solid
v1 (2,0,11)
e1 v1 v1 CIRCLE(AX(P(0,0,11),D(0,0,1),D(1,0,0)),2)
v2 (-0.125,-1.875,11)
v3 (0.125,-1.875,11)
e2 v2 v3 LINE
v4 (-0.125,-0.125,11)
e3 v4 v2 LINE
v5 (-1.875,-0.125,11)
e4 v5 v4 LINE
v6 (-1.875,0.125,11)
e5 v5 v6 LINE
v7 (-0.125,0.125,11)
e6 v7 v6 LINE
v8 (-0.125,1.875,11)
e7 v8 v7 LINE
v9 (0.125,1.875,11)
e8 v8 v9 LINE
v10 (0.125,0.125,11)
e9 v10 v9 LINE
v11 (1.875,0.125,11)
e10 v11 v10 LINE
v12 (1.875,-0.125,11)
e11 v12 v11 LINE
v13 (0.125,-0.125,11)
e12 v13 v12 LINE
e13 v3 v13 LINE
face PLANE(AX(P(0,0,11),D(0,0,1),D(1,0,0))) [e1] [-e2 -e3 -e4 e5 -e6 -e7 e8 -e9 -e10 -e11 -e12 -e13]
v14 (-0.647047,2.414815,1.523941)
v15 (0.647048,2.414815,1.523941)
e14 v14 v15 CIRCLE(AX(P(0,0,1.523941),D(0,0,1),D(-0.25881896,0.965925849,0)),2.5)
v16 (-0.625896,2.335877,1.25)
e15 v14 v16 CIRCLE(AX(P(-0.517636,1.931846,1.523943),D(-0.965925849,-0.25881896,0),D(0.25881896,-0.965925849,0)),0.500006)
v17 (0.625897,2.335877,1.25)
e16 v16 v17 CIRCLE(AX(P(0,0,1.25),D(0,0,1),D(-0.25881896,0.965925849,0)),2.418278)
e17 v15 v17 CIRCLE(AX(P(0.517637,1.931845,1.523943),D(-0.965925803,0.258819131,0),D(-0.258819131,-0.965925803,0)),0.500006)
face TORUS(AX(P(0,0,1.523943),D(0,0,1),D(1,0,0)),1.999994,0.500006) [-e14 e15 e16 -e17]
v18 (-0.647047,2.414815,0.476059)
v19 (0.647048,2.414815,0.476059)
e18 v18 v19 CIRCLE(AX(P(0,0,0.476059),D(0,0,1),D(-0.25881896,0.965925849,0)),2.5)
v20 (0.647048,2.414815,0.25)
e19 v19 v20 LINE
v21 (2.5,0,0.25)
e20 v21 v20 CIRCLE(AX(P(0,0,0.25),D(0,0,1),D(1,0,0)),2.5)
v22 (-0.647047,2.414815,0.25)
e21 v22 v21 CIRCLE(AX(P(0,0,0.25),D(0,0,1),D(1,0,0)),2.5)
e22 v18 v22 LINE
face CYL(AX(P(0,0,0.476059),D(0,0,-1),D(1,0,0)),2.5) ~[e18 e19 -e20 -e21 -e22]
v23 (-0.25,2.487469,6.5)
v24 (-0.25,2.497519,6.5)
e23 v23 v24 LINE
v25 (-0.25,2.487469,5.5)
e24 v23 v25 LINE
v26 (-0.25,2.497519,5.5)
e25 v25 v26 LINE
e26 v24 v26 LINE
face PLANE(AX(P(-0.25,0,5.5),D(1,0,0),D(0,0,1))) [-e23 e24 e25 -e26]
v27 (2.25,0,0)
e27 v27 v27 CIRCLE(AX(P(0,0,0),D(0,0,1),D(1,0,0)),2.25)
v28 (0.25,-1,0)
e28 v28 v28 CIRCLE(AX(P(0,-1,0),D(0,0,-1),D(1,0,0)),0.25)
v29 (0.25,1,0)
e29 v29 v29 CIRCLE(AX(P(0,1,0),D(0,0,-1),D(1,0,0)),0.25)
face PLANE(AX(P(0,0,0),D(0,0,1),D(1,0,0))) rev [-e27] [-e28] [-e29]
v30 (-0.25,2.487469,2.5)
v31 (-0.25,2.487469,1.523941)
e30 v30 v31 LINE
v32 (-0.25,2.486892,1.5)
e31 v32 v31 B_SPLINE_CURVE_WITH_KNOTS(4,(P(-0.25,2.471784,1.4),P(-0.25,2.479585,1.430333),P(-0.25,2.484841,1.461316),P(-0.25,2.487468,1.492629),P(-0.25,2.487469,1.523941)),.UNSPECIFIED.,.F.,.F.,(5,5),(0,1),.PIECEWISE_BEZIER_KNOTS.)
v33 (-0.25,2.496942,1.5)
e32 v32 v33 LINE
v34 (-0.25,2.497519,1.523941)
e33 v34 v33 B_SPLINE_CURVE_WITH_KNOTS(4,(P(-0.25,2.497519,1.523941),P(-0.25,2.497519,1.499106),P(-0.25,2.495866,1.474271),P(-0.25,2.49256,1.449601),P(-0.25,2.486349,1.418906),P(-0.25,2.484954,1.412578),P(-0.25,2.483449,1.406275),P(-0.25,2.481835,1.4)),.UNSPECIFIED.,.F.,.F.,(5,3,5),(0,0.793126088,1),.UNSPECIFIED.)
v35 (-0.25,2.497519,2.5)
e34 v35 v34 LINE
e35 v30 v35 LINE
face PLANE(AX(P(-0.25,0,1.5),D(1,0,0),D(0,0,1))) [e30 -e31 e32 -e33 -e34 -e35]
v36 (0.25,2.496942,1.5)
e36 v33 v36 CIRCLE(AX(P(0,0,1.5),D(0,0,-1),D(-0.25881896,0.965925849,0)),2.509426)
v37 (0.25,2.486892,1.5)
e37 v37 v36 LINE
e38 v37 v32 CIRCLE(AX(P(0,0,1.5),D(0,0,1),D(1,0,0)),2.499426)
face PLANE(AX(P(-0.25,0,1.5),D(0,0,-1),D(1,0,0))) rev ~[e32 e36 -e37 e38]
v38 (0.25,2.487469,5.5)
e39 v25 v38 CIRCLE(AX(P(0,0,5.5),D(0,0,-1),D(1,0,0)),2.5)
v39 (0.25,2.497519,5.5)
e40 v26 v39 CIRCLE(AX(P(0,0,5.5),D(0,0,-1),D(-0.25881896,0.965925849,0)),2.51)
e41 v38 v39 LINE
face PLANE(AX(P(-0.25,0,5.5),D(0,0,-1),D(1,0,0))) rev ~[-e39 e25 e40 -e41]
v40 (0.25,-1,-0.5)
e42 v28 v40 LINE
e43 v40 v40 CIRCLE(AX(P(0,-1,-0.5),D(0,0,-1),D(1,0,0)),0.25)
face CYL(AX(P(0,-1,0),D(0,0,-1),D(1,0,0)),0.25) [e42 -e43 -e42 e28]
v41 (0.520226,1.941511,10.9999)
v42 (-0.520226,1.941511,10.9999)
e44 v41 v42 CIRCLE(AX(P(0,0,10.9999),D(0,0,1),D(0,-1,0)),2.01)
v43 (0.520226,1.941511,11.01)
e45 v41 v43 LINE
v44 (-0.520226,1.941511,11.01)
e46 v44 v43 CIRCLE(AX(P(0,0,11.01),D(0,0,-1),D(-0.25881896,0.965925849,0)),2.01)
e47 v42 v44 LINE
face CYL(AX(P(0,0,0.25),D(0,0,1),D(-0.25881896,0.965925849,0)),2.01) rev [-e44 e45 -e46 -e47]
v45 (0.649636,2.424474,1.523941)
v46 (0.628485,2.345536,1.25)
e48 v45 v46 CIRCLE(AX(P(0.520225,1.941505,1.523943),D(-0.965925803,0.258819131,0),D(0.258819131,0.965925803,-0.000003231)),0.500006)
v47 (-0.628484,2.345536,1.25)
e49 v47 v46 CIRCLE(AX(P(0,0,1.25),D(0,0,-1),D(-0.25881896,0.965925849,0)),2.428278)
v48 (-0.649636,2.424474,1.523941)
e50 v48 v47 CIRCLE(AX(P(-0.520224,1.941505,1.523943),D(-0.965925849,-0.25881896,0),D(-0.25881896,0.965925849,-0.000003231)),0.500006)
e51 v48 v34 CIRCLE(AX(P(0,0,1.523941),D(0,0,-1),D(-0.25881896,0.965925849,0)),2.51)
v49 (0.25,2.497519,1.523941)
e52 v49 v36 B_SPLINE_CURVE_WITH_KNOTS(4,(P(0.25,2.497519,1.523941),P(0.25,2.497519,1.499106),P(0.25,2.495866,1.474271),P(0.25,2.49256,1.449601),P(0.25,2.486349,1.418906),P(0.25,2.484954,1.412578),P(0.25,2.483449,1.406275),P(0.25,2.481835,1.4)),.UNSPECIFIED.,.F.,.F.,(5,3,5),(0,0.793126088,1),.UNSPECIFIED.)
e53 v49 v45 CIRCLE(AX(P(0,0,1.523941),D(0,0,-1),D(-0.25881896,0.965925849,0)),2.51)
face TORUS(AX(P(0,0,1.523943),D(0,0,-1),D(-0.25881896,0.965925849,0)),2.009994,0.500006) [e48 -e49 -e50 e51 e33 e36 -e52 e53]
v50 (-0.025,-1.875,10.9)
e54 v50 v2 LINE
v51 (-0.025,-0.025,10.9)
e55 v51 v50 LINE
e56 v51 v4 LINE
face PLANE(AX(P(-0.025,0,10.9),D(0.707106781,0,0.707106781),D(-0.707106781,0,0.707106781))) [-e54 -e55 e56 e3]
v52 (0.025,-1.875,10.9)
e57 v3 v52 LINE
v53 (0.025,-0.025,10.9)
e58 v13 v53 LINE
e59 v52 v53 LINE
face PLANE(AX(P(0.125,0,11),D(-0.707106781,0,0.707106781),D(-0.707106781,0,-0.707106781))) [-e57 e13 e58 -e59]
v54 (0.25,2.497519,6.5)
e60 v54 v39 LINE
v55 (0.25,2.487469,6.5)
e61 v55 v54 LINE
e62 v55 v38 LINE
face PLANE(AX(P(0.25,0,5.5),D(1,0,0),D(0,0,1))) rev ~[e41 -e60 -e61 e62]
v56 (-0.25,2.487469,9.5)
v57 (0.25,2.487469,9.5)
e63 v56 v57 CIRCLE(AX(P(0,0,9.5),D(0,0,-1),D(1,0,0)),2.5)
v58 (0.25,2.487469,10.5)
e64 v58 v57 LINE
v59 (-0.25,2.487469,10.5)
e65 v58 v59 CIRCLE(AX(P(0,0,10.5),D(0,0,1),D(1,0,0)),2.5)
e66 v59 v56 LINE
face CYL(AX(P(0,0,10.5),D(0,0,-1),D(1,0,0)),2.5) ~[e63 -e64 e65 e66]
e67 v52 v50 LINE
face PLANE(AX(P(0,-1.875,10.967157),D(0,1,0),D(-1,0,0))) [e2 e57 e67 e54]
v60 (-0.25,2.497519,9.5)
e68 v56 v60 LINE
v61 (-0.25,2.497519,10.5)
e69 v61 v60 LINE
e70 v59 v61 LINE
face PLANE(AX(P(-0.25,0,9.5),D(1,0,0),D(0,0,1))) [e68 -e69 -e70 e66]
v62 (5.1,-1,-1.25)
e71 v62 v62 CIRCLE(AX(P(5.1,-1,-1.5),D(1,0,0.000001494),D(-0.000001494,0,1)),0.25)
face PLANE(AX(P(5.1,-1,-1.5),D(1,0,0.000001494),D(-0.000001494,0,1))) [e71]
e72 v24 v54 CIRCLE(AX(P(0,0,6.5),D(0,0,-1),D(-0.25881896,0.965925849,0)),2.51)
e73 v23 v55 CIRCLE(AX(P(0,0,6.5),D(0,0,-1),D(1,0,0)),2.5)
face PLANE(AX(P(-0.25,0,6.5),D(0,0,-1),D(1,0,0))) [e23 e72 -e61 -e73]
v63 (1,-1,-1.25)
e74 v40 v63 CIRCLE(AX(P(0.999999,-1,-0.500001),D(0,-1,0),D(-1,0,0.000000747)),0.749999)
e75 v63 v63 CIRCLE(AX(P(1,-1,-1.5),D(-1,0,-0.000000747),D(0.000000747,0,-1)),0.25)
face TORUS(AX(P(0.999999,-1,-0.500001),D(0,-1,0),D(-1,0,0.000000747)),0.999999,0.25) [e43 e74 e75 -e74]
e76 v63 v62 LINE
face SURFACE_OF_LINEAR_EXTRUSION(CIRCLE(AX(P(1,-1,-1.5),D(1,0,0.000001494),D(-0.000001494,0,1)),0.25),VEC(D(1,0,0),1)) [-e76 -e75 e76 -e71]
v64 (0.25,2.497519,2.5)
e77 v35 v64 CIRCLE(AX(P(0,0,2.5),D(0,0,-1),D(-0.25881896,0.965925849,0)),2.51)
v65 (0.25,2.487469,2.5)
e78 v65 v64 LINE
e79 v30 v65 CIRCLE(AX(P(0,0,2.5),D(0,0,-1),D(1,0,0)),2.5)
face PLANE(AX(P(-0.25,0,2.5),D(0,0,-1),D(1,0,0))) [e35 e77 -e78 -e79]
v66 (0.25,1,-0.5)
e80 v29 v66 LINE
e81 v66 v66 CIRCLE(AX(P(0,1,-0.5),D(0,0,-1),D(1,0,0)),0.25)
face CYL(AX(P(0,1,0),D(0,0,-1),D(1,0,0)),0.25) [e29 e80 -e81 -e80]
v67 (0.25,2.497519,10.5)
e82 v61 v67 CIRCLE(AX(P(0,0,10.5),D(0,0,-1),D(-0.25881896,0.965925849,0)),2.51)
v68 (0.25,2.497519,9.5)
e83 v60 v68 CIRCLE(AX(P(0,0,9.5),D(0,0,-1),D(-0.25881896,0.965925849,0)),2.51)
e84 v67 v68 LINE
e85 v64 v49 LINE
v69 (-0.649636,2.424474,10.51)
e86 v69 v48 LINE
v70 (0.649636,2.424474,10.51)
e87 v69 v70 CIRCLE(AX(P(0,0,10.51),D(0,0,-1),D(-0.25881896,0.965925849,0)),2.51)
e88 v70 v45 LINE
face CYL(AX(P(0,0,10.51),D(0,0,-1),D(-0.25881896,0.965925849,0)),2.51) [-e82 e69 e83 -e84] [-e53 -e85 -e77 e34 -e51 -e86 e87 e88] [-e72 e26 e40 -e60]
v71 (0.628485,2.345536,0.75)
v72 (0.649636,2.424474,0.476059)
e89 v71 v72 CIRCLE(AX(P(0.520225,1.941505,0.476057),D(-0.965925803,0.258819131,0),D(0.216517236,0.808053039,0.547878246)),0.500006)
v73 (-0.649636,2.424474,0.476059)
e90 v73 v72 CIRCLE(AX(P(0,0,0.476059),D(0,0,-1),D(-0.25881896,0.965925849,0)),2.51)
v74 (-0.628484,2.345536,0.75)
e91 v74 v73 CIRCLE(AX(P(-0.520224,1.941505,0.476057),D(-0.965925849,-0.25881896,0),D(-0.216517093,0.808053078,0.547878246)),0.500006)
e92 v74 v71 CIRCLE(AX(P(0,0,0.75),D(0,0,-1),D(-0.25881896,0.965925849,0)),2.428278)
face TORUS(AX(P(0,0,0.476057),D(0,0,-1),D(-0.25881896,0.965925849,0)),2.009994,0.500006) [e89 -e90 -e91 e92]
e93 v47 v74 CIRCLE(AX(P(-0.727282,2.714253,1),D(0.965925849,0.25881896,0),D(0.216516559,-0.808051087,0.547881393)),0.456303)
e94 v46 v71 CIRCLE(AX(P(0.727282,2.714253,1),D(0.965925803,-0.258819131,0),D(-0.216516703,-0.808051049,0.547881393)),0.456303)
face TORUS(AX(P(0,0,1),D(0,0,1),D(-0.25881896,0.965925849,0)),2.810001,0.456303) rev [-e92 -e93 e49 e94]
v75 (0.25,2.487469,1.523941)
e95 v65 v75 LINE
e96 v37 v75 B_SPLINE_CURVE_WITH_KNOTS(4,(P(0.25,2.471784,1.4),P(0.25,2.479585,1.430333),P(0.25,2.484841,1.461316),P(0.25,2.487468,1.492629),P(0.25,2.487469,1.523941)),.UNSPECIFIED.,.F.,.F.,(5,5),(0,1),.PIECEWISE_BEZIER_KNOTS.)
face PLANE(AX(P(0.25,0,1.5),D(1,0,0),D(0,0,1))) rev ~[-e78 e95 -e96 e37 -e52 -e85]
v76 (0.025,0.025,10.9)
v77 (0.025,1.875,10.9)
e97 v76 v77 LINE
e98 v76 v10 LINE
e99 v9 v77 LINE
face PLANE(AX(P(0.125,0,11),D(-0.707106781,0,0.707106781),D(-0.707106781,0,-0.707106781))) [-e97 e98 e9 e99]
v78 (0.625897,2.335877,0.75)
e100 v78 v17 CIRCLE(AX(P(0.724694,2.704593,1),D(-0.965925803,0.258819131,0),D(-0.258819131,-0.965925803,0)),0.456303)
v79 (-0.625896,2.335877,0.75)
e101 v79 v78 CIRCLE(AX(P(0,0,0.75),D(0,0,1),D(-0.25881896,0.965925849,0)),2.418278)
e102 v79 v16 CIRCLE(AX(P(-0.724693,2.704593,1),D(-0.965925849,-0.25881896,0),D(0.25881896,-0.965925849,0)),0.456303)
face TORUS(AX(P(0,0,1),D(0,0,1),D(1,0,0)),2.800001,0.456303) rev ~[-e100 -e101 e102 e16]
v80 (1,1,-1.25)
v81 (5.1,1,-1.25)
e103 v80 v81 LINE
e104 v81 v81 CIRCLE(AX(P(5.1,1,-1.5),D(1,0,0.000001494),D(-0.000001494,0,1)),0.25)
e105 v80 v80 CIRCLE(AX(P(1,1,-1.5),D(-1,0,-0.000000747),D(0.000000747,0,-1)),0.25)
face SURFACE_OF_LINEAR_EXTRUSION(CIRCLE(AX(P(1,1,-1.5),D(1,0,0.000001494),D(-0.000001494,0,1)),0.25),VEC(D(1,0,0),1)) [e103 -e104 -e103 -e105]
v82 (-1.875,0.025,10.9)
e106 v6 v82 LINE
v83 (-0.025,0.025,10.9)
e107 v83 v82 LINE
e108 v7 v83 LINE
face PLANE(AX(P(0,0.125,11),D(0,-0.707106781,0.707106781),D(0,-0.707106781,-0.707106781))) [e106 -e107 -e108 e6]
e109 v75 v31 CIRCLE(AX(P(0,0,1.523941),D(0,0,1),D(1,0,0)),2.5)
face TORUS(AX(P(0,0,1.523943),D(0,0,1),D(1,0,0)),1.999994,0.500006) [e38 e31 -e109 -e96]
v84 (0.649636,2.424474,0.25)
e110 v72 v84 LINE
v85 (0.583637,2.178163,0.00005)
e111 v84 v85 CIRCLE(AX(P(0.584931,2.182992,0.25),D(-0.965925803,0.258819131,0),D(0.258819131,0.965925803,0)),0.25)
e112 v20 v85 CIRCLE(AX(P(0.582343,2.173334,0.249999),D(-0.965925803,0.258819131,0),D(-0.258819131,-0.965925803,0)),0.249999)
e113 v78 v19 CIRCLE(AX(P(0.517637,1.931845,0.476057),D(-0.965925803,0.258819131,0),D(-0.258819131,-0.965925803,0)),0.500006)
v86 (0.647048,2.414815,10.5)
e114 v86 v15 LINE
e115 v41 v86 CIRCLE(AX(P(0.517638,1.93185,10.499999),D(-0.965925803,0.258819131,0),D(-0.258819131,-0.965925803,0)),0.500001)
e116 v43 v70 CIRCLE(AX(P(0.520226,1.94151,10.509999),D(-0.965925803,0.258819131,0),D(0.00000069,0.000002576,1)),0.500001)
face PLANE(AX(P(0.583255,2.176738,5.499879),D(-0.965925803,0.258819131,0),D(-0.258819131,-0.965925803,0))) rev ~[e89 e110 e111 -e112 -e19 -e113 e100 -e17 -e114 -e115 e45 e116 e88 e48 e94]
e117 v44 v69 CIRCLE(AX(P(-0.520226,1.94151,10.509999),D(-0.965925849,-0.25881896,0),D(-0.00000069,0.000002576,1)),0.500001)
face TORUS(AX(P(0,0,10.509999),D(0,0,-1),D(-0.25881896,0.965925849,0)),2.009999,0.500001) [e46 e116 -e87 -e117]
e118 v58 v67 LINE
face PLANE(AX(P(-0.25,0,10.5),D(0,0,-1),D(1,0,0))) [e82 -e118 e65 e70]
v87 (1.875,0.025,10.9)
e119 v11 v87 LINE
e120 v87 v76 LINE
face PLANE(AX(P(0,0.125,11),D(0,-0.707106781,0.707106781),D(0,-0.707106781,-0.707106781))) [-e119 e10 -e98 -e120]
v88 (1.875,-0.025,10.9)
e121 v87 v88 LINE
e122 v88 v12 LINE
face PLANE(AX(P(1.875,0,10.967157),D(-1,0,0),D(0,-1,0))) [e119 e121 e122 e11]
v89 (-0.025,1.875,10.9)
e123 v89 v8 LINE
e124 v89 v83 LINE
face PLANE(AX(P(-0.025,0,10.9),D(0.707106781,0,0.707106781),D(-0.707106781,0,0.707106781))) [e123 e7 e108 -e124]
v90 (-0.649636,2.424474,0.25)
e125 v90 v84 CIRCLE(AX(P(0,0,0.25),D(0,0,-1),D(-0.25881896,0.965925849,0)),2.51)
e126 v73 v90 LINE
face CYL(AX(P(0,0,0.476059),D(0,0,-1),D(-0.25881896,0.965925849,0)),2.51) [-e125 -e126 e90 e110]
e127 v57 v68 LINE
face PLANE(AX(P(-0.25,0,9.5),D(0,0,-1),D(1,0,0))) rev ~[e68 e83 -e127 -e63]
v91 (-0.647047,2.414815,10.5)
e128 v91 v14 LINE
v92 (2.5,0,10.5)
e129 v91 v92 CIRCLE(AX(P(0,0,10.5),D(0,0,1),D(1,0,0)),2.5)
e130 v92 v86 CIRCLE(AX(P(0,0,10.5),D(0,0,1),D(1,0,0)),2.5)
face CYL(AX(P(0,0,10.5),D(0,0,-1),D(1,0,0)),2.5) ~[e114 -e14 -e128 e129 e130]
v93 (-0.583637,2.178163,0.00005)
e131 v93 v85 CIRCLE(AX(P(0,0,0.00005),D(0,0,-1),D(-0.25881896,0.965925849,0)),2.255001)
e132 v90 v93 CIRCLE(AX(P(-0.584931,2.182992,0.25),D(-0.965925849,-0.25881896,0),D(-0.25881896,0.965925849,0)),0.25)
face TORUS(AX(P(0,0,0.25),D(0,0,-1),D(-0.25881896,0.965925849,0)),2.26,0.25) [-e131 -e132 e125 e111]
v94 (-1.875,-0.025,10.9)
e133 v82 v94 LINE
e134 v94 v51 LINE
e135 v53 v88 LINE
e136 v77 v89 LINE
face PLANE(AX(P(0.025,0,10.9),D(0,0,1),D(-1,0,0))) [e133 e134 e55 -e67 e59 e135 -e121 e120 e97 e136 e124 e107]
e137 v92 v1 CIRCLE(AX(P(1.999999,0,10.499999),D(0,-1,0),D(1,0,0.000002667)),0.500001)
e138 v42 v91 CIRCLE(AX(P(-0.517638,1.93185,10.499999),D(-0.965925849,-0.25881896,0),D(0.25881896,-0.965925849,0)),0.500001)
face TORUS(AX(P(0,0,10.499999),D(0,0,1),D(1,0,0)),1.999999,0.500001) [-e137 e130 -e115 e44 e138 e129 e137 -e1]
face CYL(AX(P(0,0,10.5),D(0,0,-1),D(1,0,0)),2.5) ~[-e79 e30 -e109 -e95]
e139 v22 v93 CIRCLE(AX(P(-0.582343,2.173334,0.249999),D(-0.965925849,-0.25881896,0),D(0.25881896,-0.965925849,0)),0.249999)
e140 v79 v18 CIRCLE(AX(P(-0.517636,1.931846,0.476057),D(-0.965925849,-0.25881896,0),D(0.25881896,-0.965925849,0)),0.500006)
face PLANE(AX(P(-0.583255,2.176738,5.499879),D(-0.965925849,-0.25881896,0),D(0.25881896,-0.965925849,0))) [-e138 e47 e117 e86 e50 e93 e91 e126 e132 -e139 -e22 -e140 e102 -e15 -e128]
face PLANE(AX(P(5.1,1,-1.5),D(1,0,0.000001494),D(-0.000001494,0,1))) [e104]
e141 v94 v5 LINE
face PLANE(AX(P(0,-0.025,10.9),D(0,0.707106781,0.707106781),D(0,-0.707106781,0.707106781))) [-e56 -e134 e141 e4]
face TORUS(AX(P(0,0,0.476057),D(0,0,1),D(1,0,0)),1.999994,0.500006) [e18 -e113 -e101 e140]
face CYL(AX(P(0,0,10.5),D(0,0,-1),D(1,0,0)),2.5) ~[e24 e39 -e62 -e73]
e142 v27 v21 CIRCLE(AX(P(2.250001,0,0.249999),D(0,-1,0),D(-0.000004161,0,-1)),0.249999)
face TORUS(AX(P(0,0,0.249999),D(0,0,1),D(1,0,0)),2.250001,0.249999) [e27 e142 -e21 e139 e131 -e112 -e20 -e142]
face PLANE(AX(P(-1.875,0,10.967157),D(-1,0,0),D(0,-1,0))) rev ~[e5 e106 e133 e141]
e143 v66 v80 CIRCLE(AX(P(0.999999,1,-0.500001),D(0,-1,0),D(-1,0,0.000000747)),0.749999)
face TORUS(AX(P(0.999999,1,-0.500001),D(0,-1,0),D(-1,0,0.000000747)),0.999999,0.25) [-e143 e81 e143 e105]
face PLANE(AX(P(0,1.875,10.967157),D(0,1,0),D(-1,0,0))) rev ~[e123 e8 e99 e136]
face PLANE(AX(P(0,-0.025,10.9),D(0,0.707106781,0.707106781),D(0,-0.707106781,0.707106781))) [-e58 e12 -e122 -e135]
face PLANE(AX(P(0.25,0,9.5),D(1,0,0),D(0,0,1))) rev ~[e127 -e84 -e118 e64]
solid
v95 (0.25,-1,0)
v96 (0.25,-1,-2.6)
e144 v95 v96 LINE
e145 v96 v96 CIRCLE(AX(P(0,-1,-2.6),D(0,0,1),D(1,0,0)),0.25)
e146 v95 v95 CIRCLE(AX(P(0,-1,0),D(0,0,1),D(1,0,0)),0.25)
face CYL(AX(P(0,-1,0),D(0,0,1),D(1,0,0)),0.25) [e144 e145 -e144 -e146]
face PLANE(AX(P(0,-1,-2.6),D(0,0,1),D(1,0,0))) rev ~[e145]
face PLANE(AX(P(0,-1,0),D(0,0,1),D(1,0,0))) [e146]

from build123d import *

# Parameters (mm, degrees)
SKETCH010_R         = 0.25
PAD002_DEPTH        = 2.6
REVOLUTION001_ANGLE = -30
SKETCH015_W         = 0.5
SKETCH015_H         = 1
POCKET002_DEPTH     = 2.511
LINEARPATTERN_COUNT = 3
LINEARPATTERN_PITCH = 4
SKETCH012_R         = 2
POCKET_DEPTH        = 0.5
SKETCH003_R         = 0.25
SKETCH013_R         = 2
PAD_DEPTH           = 0.5
POCKET001_DEPTH     = 1.875
POLARPATTERN_COUNT  = 3
POLARPATTERN_ANGLE  = 180


with BuildPart() as leadstraightclone:
    # Sketch010 → Pad002 (new body)
    with BuildSketch(Plane(origin=(0, 1, 0), x_dir=(1, 0, 0), z_dir=(0, 0, 1))):
        Circle(SKETCH010_R)
    extrude(amount=-PAD002_DEPTH)


with BuildPart() as leadstraightclone_1:
    # Body007 placement: moved
    add(leadstraightclone.part.moved(Location((0, -2, 0))))


with BuildPart() as polaritymarking:
    # Sketch005 → Revolution001 (revolve)
    with BuildSketch(Plane(origin=(0, 0, 0), x_dir=(-0.258819, 0.965926, 0), z_dir=(0.965926, 0.258819, 0))):
        with BuildLine():
            Line((2.01, 0.25), (2.01, 11.01))
            ThreePointArc((2.01, 11.01), (2.363553, 10.863553), (2.51, 10.51))
            Line((2.51, 10.51), (2.51, 1.523941))
            ThreePointArc((2.51, 1.523941), (2.489134, 1.381006), (2.428278, 1.25))
            ThreePointArc((2.428278, 1.25), (2.353698, 1), (2.428278, 0.75))
            ThreePointArc((2.428278, 0.75), (2.489134, 0.618994), (2.51, 0.476059))
            Line((2.51, 0.476059), (2.51, 0.25))
            ThreePointArc((2.51, 0.25), (2.26, 0), (2.01, 0.25))
        make_face()
    revolve(axis=Axis((0, 0, 0), (0, 0, 1)), revolution_arc=REVOLUTION001_ANGLE)

    # Sketch015 → Pocket002 (cut, through all)
    with BuildSketch(Plane.XZ):
        with Locations((0, 2)):
            Rectangle(SKETCH015_W, SKETCH015_H)
    pocket002 = extrude(amount=-POCKET002_DEPTH, mode=Mode.SUBTRACT)

    # LinearPattern: Pocket002 ×3
    with Locations(*[(0, 0, i * LINEARPATTERN_PITCH) for i in range(1, LINEARPATTERN_COUNT)]):
        add(pocket002, mode=Mode.SUBTRACT)


with BuildPart() as housing:
    # Sketch → Revolution (revolve)
    with BuildSketch(Plane.XZ):
        with BuildLine():
            Line((0, 11), (2, 11))
            ThreePointArc((2.5, 10.5), (2.353553, 10.853553), (2, 11))
            Line((2.5, 10.5), (2.5, 1.523941))
            ThreePointArc((2.418278, 1.25), (2.479134, 1.381006), (2.5, 1.523941))
            ThreePointArc((2.418278, 1.25), (2.343698, 1), (2.418278, 0.75))
            ThreePointArc((2.5, 0.476059), (2.479134, 0.618994), (2.418278, 0.75))
            Line((2.5, 0.476059), (2.5, 0.25))
            ThreePointArc((2.25, 0), (2.426777, 0.073223), (2.5, 0.25))
            Line((0, 0), (2.25, 0))
            Line((0, 11), (0, 0))
        make_face()
    revolve(axis=Axis((0, 0, 0), (0, 0, 1)))

    # Sketch012 → Pocket (cut)
    with BuildSketch(Plane.XY.offset(11)):
        Circle(SKETCH012_R)
    extrude(amount=-POCKET_DEPTH, mode=Mode.SUBTRACT)


with BuildPart() as leadangled:
    # AdditivePipe: sweep along a path in Sketch004
    with BuildLine(Plane.XZ) as additivepipe_path:
        Line((0, 0), (0, -0.5))
        ThreePointArc((0, -0.5), (0.292893, -1.207107), (1, -1.5))
        Line((1, -1.5), (5.1, -1.5))
    # Sketch003 (on ShapeBinder) → AdditivePipe (sweep)
    with BuildSketch(Plane(origin=(0, 0, 0), x_dir=(1, 0, 0), z_dir=(0, 0, -1))):
        with Locations((0, 1)):
            Circle(SKETCH003_R)
    sweep(path=additivepipe_path.line)


with BuildPart() as leadangledclone:
    # Body003 base: copy of LeadAngled
    add(leadangled.part)


with BuildPart() as leadangledclone_1:
    # Body003 placement: moved
    add(leadangledclone.part.moved(Location((0, 2, 0))))


with BuildPart() as fusion:
    # Sketch013 (on ShapeBinder) → Pad (new body)
    with BuildSketch(Plane.XY.offset(10.5)):
        Circle(SKETCH013_R)
    extrude(amount=PAD_DEPTH)

    # Sketch014 → Pocket001 (cut, symmetric)
    with BuildSketch(Plane.XZ):
        Polygon((-0.125, 11), (0.125, 11), (0.025, 10.9), (-0.025, 10.9), align=None)
    pocket001 = extrude(amount=POCKET001_DEPTH, both=True, mode=Mode.SUBTRACT)

    # PolarPattern: Pocket001 ×3 about axis
    polarpattern_axis = Axis((0, 0, 0), (0, 0, 1))
    for i in range(1, POLARPATTERN_COUNT):
        add(pocket001.rotate(polarpattern_axis, i * POLARPATTERN_ANGLE / (POLARPATTERN_COUNT - 1)), mode=Mode.SUBTRACT)

    # Fusion: union PolarityMarking, Housing, LeadAngledClone, LeadAngled
    add(polaritymarking.part)
    add(housing.part)
    add(leadangledclone_1.part)
    add(leadangled.part)


solid = Compound([leadstraightclone_1.part, fusion.part])
